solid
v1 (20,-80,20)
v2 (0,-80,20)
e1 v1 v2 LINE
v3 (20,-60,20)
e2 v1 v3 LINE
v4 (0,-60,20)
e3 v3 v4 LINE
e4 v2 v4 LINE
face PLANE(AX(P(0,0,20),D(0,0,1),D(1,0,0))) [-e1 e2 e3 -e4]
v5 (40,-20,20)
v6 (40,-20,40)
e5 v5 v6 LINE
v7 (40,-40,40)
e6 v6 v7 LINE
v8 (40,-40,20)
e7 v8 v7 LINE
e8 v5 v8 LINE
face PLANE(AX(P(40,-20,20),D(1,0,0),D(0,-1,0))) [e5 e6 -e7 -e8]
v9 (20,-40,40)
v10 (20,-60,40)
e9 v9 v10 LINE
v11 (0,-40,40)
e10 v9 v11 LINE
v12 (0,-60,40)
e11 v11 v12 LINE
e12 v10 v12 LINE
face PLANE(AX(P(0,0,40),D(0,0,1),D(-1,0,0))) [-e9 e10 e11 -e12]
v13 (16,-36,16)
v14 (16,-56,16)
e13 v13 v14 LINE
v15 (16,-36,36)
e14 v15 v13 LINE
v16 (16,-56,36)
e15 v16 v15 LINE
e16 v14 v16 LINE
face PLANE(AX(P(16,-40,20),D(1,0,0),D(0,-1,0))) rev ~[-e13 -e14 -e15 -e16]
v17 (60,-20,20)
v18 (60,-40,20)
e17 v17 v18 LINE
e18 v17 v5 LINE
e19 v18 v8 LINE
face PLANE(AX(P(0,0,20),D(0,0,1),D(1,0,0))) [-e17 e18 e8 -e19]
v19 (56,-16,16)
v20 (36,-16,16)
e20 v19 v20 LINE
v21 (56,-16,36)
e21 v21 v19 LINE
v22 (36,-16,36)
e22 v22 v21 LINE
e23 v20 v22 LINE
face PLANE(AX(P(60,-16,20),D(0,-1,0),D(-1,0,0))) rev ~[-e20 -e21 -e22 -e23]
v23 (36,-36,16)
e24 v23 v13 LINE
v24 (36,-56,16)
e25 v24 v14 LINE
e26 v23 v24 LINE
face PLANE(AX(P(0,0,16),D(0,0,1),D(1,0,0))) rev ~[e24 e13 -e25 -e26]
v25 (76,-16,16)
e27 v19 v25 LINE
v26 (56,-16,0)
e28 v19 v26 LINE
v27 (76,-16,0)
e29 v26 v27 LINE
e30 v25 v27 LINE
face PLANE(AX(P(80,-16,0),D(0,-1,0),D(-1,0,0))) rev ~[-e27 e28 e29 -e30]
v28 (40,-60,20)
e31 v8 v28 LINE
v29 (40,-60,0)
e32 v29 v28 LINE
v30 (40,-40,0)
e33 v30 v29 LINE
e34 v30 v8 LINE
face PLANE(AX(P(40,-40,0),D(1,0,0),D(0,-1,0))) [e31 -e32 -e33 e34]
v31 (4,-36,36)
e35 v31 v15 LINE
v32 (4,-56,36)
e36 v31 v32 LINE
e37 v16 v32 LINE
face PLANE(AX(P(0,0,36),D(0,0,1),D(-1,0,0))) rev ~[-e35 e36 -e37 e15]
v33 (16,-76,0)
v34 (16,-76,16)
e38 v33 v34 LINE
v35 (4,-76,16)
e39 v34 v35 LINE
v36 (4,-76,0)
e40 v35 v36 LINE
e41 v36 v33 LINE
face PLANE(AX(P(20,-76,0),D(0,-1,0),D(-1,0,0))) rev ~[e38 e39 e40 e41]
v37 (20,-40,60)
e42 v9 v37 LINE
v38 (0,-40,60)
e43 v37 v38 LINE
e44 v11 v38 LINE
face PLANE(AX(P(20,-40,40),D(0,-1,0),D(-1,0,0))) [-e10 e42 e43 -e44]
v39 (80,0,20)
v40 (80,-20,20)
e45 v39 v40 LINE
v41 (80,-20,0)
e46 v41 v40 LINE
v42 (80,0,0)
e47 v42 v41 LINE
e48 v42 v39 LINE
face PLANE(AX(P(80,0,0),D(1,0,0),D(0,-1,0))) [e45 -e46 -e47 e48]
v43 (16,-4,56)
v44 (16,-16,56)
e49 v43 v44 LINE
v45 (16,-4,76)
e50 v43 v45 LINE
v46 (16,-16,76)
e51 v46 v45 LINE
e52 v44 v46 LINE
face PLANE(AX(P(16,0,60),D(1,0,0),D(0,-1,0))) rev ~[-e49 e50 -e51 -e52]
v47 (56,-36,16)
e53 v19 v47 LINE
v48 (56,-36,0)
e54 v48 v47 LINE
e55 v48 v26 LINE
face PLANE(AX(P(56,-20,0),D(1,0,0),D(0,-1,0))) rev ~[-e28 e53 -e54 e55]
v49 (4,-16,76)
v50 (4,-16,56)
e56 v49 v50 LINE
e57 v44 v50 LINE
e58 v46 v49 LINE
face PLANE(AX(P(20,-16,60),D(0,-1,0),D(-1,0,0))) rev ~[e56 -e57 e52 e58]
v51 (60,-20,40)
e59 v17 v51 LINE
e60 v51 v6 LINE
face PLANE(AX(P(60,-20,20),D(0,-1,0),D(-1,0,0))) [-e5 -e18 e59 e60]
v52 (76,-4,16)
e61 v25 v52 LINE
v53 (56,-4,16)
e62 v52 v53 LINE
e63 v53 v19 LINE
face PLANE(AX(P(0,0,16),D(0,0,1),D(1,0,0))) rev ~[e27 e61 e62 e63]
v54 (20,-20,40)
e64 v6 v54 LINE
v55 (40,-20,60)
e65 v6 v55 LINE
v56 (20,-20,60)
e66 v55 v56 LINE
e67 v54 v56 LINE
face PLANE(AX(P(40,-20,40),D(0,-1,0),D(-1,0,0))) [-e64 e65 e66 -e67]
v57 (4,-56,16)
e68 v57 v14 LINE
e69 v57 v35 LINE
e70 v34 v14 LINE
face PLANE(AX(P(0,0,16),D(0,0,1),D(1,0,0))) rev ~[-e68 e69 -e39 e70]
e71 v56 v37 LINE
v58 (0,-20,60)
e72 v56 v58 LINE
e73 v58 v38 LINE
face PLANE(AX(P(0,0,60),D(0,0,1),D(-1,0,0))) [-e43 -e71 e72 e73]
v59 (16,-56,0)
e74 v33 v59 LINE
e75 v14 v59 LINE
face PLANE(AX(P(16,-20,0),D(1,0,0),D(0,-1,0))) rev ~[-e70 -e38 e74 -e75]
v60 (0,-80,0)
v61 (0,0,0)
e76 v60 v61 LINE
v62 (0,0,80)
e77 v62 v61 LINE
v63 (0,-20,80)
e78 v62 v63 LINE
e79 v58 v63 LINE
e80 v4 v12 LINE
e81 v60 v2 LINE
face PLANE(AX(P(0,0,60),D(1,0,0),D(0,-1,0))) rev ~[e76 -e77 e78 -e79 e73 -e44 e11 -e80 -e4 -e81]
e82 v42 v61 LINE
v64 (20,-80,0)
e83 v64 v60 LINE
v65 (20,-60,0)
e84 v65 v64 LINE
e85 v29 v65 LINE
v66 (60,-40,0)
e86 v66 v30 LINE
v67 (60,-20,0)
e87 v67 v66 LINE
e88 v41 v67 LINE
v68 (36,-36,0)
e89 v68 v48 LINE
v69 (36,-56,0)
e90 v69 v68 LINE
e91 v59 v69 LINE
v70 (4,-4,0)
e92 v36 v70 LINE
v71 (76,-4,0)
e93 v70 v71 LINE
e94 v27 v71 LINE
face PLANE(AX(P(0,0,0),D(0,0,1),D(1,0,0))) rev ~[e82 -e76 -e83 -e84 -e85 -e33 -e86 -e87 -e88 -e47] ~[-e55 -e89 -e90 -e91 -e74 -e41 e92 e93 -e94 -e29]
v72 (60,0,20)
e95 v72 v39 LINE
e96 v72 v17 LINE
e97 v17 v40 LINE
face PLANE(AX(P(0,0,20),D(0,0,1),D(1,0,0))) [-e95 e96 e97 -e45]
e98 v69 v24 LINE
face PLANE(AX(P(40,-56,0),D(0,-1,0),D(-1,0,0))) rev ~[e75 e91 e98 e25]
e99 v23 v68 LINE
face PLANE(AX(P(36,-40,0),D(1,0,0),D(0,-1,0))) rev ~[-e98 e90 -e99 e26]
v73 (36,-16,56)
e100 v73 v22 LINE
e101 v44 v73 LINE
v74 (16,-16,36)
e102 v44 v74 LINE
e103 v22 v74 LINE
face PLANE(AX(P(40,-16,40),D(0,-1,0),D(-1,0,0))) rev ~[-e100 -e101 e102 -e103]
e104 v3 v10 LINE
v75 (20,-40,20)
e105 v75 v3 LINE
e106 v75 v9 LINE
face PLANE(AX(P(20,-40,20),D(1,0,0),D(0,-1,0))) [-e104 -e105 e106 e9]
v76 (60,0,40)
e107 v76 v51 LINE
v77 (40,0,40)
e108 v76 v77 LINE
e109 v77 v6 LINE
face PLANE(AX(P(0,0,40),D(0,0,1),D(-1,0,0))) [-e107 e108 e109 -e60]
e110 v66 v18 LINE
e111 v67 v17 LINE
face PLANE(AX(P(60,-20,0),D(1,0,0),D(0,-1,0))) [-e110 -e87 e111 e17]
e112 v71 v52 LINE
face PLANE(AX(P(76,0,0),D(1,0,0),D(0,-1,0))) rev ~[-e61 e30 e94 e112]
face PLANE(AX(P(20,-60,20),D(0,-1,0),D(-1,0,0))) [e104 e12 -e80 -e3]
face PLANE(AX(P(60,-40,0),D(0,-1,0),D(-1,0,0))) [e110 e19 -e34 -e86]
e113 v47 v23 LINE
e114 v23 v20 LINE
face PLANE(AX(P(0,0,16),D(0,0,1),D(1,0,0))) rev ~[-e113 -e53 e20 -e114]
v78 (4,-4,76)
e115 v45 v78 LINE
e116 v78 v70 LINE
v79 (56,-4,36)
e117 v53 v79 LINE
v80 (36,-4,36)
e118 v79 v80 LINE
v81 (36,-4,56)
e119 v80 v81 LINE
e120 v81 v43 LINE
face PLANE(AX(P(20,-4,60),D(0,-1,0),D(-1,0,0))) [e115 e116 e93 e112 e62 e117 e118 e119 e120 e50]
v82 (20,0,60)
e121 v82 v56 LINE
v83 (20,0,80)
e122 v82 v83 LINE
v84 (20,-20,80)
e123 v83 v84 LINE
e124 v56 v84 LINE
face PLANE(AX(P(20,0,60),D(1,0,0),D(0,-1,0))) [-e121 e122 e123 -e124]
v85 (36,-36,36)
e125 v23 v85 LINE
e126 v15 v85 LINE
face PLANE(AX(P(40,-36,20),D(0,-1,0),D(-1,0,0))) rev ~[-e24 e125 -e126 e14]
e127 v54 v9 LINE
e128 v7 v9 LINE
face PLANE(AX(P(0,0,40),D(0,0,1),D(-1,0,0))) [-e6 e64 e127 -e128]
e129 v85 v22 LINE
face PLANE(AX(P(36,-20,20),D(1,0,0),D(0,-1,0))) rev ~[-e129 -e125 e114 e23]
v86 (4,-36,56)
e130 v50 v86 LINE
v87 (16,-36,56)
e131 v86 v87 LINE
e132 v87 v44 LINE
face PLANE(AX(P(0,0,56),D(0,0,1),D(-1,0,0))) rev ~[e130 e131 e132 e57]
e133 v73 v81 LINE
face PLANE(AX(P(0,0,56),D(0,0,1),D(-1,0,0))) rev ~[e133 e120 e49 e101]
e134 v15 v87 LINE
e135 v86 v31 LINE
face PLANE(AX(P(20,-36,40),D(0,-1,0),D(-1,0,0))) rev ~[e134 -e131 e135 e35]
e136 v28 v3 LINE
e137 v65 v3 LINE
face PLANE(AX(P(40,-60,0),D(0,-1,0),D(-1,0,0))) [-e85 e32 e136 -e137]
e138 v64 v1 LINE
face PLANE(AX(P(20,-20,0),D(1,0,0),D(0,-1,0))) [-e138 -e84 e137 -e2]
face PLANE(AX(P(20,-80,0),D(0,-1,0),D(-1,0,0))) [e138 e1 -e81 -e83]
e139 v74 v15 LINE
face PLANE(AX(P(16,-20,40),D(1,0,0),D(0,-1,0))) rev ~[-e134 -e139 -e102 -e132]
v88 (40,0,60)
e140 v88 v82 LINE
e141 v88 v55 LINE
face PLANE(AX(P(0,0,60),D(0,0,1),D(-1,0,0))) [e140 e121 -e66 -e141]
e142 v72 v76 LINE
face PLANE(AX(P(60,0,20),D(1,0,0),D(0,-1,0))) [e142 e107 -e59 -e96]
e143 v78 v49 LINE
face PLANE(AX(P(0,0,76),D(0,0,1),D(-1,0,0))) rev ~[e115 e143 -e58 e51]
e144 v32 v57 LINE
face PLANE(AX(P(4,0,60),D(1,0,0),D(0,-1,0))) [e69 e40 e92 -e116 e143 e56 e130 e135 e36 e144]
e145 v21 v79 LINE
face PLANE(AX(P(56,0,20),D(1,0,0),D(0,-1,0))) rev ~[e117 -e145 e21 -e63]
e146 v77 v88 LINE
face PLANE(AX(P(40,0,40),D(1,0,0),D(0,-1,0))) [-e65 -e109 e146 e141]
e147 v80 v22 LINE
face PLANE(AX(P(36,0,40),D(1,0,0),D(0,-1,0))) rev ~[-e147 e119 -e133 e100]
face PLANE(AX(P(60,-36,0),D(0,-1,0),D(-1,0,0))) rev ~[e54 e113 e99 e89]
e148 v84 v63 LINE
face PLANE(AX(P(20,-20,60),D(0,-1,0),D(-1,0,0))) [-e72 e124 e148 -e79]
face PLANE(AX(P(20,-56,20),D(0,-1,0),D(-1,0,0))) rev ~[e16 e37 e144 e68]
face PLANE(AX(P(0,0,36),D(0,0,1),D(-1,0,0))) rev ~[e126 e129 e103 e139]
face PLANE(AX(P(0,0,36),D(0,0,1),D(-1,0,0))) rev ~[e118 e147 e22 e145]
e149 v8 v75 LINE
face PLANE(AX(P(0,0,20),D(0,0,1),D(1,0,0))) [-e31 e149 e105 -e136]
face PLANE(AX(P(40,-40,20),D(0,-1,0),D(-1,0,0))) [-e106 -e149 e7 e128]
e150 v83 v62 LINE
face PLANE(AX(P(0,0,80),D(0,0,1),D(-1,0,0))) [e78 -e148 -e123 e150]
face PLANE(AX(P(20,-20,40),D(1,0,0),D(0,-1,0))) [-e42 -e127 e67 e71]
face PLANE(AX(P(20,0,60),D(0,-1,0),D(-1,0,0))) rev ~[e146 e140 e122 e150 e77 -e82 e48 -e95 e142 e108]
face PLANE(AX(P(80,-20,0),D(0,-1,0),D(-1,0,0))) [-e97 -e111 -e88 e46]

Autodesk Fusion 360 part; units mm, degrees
sketch "Sketch1" plane through (0, 0, 0) normal (0, 0, 1) x (1, 0, 0)
  line L0 (0, 0) -> (20, 0)
  line L1 (20, 0) -> (20, -80)
  line L2 (20, -80) -> (0, -80)
  line L3 (0, -80) -> (0, 0)
  line L4 (20, 0) -> (80, 0)
  line L5 (80, 0) -> (80, -20)
  line L6 (80, -20) -> (20, -20)
  line L7 (20, -20) -> (20, 0)
  line L8 (20, -20) -> (40, -20)
  line L9 (40, -20) -> (40, -60)
  line L10 (40, -60) -> (20, -60)
  line L11 (20, -60) -> (20, -20)
  line L12 (40, -20) -> (60, -20)
  line L13 (60, -20) -> (60, -40)
  line L14 (60, -40) -> (40, -40)
  line L15 (40, -40) -> (40, -20)
  dimension "d1" = 80
  dimension "d2" = 20
  dimension "d3" = 20
  dimension "d4" = 80
  dimension "d9" = 40
  dimension "d10" = 20
  dimension "d11" = 20
  dimension "d12" = 20
extrude "Extrude2" add sketch "Sketch1" along normal blind 20 contours L0 L1 L2 L3 L7 L11 | L1 L4 L5 L6 L7 L8 L12
extrude "Extrude3" add sketch "Sketch1" along normal blind 20 contours L1 L6 L8 L9 L10 L11 L15 | L6 L9 L12 L13 L14 L15
sketch "Sketch2" plane through (0, 0, 20) normal (0, 0, 1) x (-1, 0, 0)
  line L0 (-80, 20) -> (-80, 0)
  line L1 (-80, 0) -> (0, 0)
  line L2 (0, 0) -> (0, 80)
  line L3 (0, 80) -> (-20, 80)
  line L4 (-20, 80) -> (-20, 60)
  line L5 (-20, 60) -> (-40, 60)
  line L6 (-40, 60) -> (-40, 40)
  line L7 (-40, 40) -> (-60, 40)
  line L8 (-60, 40) -> (-60, 20)
  line L9 (-60, 20) -> (-80, 20)
  line L10 (0, 0) -> (-20, 0)
  line L11 (-20, 0) -> (-20, 60)
  line L12 (-20, 60) -> (0, 60)
  line L13 (0, 60) -> (0, 0)
  line L14 (-20, 0) -> (-60, 0)
  line L15 (-60, 0) -> (-60, 20)
  line L16 (-60, 20) -> (-20, 20)
  line L17 (-20, 20) -> (-20, 0)
  line L18 (-20, 20) -> (-40, 20)
  line L19 (-40, 20) -> (-40, 40)
  line L20 (-40, 40) -> (-20, 40)
  line L21 (-20, 40) -> (-20, 20)
extrude "Extrude4" add sketch "Sketch2" along normal blind 20 contours L1 L11 L14 L15 L16 L17 L18 | L11 L16 L18 L19 L20 L21 | L1 L2 L10 L11 L12 L13 L17 L21
sketch "Sketch3" plane through (0, 0, 40) normal (0, 0, 1) x (-1, 0, 0)
  line L0 (-40, 40) -> (-40, 20)
  line L1 (-40, 20) -> (-60, 20)
  line L2 (-60, 20) -> (-60, 0)
  line L3 (-60, 0) -> (0, 0)
  line L4 (0, 0) -> (0, 60)
  line L5 (0, 60) -> (-20, 60)
  line L6 (-20, 60) -> (-20, 40)
  line L7 (-20, 40) -> (-40, 40)
  line L8 (0, 0) -> (-40, 0)
  line L9 (-40, 0) -> (-40, 20)
  line L10 (-40, 20) -> (0, 20)
  line L11 (0, 20) -> (0, 0)
  line L12 (0, 20) -> (-20, 20)
  line L13 (-20, 20) -> (-20, 40)
  line L14 (-20, 40) -> (0, 40)
  line L15 (0, 40) -> (0, 20)
extrude "Extrude5" add sketch "Sketch3" along normal blind 20 contours L3 L4 L8 L9 L10 L11 L12 | L4 L10 L12 L13 L14 L15
sketch "Sketch4" plane through (0, 0, 60) normal (0, 0, 1) x (-1, 0, 0)
  line L0 (0, 40) -> (-20, 40)
  line L1 (-20, 40) -> (-20, 20)
  line L2 (-20, 20) -> (-40, 20)
  line L3 (-40, 20) -> (-40, 0)
  line L4 (-40, 0) -> (0, 0)
  line L5 (0, 0) -> (0, 40)
  line L6 (0, 0) -> (-20, 0)
  line L7 (-20, 0) -> (-20, 20)
  line L8 (-20, 20) -> (0, 20)
  line L9 (0, 20) -> (0, 0)
extrude "Extrude6" add sketch "Sketch4" along normal blind 20 contours L4 L5 L6 L7 L8 L9
shell "Shell1" thickness 4 removed faces 1 at (20, -33.3333, 0)
